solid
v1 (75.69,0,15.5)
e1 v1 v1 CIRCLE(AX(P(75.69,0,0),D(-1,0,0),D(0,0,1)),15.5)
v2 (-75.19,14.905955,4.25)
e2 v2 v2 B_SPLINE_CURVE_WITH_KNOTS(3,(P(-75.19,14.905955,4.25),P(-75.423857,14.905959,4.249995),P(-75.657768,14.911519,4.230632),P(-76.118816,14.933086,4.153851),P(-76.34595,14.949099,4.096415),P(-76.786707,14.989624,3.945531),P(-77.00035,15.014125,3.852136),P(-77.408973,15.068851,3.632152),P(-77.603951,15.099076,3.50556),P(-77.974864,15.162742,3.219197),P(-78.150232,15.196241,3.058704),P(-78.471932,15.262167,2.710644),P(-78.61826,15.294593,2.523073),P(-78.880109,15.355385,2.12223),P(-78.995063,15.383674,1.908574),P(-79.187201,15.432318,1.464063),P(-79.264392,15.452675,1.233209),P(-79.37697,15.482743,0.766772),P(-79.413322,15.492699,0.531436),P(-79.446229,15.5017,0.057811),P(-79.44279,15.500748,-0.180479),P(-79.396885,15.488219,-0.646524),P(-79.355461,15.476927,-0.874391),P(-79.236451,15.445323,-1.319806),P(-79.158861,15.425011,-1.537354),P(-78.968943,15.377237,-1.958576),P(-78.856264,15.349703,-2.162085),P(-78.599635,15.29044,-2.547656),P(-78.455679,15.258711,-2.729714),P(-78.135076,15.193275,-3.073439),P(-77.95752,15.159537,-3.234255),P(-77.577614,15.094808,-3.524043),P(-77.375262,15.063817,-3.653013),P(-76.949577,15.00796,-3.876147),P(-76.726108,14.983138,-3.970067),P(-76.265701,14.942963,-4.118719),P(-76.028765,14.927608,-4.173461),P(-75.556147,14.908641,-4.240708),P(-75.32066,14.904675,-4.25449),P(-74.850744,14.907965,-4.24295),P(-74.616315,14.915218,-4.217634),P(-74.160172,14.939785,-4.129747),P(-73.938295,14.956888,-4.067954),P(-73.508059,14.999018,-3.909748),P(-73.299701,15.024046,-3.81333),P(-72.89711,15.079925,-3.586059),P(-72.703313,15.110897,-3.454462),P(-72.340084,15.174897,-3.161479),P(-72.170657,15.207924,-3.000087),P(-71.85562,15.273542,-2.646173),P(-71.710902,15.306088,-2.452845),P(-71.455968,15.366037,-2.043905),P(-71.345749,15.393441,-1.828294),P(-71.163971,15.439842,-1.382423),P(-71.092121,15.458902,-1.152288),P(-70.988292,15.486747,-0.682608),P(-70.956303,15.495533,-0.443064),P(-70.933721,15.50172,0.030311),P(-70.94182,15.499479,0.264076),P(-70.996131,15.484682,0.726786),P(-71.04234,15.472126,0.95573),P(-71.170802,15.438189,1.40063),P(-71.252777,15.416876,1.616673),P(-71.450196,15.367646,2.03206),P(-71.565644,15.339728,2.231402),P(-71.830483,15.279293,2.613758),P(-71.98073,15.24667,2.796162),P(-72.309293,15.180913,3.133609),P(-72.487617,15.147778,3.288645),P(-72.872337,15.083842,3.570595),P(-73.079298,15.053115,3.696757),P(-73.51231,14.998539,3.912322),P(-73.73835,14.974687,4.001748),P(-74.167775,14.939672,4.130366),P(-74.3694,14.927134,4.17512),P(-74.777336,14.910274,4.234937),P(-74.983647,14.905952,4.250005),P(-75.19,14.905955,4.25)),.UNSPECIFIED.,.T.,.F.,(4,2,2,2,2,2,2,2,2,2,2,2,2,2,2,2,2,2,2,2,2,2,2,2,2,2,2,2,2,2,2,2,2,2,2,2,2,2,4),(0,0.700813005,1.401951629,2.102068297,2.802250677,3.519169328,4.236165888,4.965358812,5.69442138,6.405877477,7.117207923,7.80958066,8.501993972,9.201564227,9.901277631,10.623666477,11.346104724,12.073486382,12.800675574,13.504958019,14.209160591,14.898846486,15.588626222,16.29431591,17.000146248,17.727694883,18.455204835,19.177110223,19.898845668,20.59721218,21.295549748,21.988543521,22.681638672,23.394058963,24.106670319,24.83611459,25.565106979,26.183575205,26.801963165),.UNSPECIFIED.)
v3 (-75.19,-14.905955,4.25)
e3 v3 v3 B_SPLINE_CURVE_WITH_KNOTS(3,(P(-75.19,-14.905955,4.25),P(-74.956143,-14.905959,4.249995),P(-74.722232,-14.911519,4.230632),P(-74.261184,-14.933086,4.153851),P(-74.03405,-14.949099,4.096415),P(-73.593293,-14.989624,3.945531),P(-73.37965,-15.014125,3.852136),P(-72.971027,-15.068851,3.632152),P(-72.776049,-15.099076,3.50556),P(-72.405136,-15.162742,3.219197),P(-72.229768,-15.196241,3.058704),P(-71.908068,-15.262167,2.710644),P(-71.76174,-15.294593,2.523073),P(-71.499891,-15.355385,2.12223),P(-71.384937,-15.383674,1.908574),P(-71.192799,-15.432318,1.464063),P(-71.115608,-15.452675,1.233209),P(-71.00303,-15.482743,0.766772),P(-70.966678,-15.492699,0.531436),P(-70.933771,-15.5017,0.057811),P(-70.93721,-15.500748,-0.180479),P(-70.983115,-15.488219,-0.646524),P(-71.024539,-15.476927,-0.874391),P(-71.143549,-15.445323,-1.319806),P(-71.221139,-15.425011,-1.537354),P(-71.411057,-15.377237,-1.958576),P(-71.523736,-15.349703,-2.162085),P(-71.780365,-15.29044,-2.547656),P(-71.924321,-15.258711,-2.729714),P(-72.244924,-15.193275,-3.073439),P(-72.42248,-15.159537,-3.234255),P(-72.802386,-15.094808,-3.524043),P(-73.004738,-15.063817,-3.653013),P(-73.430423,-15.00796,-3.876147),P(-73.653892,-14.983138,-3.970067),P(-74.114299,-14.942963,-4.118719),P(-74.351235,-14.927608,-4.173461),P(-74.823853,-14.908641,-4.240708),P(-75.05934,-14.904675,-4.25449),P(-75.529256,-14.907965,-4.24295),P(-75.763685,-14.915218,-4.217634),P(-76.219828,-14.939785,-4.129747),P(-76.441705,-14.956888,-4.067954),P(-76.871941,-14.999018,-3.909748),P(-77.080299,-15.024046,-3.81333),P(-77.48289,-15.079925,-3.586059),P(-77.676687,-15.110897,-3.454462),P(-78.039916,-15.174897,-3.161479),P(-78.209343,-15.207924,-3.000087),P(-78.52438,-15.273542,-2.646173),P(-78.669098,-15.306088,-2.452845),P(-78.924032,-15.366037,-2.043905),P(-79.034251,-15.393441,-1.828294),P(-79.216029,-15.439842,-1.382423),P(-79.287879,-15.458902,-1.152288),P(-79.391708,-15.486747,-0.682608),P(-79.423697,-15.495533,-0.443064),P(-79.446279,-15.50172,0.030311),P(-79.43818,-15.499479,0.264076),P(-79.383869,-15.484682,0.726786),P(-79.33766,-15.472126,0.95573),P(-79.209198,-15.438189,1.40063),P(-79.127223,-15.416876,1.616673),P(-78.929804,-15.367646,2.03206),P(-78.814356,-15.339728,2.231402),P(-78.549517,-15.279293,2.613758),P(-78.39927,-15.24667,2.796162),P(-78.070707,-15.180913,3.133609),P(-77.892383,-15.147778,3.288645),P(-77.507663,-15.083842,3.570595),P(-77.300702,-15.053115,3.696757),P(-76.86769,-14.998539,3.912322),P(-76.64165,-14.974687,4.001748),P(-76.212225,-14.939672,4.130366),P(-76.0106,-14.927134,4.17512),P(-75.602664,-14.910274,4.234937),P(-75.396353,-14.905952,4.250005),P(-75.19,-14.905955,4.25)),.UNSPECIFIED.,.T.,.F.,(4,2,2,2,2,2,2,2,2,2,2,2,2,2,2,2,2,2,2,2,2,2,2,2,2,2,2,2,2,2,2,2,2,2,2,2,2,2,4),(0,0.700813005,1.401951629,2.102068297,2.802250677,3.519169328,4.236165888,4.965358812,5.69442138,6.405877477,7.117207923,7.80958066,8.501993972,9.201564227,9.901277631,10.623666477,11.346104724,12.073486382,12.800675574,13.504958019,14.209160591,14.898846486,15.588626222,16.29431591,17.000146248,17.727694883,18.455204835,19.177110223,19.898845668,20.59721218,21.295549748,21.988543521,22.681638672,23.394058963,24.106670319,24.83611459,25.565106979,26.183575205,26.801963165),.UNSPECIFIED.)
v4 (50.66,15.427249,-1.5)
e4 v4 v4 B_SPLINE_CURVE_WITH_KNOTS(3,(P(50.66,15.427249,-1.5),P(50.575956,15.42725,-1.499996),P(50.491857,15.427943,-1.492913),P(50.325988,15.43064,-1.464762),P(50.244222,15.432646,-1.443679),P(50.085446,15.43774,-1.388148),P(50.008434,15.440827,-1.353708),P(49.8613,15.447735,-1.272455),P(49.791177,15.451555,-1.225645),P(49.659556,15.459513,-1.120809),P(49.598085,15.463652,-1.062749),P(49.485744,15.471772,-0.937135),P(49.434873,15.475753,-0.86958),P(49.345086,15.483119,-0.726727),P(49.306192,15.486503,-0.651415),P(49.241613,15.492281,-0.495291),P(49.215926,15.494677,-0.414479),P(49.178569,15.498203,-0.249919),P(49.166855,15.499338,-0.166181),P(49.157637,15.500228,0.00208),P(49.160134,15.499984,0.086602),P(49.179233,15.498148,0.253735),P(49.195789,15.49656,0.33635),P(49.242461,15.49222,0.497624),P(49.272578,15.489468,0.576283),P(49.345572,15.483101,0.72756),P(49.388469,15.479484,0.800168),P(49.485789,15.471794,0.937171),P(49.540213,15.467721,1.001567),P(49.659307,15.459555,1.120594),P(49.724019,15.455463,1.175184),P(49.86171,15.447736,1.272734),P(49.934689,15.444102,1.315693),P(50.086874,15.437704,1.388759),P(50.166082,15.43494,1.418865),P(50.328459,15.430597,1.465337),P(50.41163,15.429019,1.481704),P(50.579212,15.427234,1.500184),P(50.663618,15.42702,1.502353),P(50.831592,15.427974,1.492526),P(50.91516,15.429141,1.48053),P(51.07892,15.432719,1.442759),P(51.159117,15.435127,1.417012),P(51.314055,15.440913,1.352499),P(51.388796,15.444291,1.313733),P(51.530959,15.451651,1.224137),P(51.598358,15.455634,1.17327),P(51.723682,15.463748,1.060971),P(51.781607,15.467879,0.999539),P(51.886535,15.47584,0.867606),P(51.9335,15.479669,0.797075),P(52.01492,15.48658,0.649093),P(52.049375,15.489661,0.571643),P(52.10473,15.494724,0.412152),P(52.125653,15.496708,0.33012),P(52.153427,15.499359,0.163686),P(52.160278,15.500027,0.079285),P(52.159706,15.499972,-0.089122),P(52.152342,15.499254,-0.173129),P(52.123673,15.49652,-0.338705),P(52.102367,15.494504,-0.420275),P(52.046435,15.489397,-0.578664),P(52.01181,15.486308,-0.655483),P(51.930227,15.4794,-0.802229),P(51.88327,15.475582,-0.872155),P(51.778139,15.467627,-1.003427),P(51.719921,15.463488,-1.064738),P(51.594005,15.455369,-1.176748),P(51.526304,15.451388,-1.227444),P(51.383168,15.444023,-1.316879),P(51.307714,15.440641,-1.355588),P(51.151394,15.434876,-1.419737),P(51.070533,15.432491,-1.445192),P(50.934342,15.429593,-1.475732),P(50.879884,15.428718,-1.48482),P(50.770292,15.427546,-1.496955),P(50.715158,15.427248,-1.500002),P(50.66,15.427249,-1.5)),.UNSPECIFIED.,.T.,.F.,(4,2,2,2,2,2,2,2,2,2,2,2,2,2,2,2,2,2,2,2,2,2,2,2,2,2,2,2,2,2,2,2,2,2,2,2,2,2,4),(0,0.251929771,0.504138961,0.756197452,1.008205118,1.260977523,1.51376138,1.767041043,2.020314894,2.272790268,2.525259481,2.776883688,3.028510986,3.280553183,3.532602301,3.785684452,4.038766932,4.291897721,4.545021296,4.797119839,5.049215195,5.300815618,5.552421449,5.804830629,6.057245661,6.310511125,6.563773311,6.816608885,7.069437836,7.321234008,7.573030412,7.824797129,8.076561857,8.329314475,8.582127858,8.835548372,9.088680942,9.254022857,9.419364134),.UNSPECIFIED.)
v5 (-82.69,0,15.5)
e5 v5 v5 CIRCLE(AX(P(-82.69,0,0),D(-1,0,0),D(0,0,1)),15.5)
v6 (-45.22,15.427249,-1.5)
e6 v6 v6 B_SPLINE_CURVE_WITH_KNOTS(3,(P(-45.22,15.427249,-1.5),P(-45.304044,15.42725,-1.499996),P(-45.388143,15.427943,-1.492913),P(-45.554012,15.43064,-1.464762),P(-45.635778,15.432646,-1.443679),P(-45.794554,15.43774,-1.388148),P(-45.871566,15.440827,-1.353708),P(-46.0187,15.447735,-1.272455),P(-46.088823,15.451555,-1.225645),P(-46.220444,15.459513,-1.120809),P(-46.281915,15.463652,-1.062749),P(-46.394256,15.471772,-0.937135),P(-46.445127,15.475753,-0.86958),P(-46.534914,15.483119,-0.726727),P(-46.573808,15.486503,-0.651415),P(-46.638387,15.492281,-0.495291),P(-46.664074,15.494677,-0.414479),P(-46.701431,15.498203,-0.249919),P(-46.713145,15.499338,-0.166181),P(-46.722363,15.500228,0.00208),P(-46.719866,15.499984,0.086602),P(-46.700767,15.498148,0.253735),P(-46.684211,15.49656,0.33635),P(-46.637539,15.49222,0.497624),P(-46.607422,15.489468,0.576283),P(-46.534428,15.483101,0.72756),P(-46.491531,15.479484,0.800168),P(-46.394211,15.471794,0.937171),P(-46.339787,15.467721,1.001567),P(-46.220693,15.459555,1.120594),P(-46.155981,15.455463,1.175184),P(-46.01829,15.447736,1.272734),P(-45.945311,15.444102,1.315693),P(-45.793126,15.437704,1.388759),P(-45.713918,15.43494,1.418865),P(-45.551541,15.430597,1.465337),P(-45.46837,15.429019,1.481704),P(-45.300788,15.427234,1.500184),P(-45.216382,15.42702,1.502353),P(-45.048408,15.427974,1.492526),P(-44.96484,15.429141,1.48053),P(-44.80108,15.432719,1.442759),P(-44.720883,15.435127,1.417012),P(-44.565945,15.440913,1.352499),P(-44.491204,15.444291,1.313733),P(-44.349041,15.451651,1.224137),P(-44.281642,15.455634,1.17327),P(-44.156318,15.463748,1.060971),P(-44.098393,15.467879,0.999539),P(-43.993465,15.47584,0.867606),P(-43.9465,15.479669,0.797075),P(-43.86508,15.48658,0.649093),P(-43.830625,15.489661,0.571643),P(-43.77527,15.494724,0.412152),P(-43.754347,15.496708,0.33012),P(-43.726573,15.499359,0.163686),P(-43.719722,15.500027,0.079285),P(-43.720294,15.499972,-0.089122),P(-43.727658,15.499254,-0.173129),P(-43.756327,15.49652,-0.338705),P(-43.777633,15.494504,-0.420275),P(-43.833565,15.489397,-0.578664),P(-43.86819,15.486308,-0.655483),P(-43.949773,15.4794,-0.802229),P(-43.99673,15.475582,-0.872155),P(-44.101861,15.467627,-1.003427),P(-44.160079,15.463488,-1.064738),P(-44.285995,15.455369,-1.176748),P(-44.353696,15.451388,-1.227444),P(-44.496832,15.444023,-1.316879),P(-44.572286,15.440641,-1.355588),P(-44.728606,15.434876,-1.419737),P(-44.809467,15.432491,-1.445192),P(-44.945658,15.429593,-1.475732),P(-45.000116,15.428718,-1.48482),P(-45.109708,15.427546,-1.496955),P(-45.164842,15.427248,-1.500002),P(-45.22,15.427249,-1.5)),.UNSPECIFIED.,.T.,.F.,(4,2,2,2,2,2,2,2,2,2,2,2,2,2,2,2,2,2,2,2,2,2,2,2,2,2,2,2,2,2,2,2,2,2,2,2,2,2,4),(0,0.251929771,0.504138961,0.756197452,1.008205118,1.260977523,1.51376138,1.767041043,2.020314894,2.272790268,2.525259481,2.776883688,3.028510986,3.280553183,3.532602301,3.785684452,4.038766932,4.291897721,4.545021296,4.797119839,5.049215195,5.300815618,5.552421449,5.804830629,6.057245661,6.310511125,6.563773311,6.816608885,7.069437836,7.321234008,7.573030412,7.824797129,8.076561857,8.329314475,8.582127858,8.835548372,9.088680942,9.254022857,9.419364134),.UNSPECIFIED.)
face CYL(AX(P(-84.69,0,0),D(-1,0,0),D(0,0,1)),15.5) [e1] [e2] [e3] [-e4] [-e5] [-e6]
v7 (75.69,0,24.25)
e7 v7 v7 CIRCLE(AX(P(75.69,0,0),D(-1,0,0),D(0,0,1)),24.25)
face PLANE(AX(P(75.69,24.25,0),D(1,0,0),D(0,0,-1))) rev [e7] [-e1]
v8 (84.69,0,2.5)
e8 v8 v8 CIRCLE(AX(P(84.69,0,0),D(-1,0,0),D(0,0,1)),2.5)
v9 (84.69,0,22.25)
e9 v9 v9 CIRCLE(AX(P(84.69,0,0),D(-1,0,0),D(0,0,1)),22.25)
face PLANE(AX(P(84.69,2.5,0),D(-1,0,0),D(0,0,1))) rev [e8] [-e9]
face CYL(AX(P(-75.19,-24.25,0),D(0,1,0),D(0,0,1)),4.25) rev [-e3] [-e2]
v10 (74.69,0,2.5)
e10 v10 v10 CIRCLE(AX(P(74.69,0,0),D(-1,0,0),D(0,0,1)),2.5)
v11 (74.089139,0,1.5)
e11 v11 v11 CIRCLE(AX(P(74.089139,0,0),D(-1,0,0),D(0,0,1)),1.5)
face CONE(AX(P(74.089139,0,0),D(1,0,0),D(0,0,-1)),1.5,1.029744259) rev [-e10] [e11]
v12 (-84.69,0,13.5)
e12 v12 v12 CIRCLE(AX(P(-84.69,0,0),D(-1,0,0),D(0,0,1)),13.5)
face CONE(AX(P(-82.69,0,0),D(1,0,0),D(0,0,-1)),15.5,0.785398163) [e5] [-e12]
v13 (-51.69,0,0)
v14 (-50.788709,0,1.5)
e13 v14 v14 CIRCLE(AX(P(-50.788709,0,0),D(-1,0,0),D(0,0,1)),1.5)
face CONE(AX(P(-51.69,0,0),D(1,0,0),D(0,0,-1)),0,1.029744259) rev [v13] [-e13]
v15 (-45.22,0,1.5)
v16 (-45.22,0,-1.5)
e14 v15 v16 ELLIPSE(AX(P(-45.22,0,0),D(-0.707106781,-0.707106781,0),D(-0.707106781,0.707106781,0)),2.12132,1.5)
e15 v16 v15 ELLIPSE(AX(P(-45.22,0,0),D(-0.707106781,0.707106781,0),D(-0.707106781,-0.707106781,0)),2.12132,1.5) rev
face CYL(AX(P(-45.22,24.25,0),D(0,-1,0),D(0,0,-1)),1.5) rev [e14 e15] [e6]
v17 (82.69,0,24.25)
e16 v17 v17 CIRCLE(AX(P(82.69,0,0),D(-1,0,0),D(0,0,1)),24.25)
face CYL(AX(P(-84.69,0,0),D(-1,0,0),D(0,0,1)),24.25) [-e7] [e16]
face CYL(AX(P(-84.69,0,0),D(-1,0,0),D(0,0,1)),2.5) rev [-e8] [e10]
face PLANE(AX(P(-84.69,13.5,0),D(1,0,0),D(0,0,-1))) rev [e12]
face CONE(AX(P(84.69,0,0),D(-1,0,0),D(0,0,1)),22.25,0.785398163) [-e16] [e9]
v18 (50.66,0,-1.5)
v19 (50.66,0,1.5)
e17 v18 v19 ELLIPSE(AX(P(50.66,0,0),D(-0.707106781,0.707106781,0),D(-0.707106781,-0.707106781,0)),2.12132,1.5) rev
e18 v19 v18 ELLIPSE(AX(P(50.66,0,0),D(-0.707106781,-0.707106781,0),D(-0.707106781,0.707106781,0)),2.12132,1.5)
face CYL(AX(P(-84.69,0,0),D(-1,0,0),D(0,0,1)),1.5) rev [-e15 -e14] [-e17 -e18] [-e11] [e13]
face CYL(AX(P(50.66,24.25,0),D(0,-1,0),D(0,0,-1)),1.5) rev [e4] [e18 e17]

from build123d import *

# Parameters (mm, degrees)
ESBO_O2_R                  = 1.5
CORTE_EXTRUS_O1_DEPTH      = 92.370241873
CORTE_EXTRUS_O2_DEPTH      = 92.370241873
CORTE_EXTRUS_O2_DEPTH_BACK = 92.370241873
ESBO_O3_R                  = 4.25


with BuildPart() as part:
    # Esboço1 → Revolução1 (revolve)
    with BuildSketch(Plane.XY, mode=Mode.PRIVATE) as revolu_o1_sk:
        Polygon((84.69, 2.5), (84.69, 22.25), (82.69, 24.25), (75.69, 24.25), (75.69, 15.5), (-82.69, 15.5), (-84.69, 13.5), (-84.69, 0), (-51.69, 0), (-50.788709071, 1.5), (74.089139381, 1.5), (74.69, 2.5), align=None)
    revolve(revolu_o1_sk.sketch.rotate(Axis((-84.69, 0, 0), (1, 0, 0)), 90), axis=Axis((-84.69, 0, 0), (1, 0, 0)))

    # Esboço2 → Corte-extrusão1 (cut, through all)
    with BuildSketch(Plane(origin=(0, 0, 0), x_dir=(1, 0, 0), z_dir=(0, 1, 0))):
        with Locations(Location((50.66, 0, 0), (0, 0, 90))):
            Circle(ESBO_O2_R)
        with Locations(Location((-45.22, 0, 0), (0, 0, 90))):
            Circle(ESBO_O2_R)
    extrude(amount=CORTE_EXTRUS_O1_DEPTH, mode=Mode.SUBTRACT)

    # Esboço3 → Corte-extrusão2 (cut, two sides: drawn at the far end of the back side and taken through both)
    with BuildSketch(Plane(origin=(0, 0, 0), x_dir=(1, 0, 0), z_dir=(0, 1, 0)).offset(-CORTE_EXTRUS_O2_DEPTH_BACK)):
        with Locations(Location((-75.19, 0, 0), (0, 0, 270))):
            Circle(ESBO_O3_R)
    extrude(amount=CORTE_EXTRUS_O2_DEPTH + CORTE_EXTRUS_O2_DEPTH_BACK, mode=Mode.SUBTRACT)


solid = part.part
